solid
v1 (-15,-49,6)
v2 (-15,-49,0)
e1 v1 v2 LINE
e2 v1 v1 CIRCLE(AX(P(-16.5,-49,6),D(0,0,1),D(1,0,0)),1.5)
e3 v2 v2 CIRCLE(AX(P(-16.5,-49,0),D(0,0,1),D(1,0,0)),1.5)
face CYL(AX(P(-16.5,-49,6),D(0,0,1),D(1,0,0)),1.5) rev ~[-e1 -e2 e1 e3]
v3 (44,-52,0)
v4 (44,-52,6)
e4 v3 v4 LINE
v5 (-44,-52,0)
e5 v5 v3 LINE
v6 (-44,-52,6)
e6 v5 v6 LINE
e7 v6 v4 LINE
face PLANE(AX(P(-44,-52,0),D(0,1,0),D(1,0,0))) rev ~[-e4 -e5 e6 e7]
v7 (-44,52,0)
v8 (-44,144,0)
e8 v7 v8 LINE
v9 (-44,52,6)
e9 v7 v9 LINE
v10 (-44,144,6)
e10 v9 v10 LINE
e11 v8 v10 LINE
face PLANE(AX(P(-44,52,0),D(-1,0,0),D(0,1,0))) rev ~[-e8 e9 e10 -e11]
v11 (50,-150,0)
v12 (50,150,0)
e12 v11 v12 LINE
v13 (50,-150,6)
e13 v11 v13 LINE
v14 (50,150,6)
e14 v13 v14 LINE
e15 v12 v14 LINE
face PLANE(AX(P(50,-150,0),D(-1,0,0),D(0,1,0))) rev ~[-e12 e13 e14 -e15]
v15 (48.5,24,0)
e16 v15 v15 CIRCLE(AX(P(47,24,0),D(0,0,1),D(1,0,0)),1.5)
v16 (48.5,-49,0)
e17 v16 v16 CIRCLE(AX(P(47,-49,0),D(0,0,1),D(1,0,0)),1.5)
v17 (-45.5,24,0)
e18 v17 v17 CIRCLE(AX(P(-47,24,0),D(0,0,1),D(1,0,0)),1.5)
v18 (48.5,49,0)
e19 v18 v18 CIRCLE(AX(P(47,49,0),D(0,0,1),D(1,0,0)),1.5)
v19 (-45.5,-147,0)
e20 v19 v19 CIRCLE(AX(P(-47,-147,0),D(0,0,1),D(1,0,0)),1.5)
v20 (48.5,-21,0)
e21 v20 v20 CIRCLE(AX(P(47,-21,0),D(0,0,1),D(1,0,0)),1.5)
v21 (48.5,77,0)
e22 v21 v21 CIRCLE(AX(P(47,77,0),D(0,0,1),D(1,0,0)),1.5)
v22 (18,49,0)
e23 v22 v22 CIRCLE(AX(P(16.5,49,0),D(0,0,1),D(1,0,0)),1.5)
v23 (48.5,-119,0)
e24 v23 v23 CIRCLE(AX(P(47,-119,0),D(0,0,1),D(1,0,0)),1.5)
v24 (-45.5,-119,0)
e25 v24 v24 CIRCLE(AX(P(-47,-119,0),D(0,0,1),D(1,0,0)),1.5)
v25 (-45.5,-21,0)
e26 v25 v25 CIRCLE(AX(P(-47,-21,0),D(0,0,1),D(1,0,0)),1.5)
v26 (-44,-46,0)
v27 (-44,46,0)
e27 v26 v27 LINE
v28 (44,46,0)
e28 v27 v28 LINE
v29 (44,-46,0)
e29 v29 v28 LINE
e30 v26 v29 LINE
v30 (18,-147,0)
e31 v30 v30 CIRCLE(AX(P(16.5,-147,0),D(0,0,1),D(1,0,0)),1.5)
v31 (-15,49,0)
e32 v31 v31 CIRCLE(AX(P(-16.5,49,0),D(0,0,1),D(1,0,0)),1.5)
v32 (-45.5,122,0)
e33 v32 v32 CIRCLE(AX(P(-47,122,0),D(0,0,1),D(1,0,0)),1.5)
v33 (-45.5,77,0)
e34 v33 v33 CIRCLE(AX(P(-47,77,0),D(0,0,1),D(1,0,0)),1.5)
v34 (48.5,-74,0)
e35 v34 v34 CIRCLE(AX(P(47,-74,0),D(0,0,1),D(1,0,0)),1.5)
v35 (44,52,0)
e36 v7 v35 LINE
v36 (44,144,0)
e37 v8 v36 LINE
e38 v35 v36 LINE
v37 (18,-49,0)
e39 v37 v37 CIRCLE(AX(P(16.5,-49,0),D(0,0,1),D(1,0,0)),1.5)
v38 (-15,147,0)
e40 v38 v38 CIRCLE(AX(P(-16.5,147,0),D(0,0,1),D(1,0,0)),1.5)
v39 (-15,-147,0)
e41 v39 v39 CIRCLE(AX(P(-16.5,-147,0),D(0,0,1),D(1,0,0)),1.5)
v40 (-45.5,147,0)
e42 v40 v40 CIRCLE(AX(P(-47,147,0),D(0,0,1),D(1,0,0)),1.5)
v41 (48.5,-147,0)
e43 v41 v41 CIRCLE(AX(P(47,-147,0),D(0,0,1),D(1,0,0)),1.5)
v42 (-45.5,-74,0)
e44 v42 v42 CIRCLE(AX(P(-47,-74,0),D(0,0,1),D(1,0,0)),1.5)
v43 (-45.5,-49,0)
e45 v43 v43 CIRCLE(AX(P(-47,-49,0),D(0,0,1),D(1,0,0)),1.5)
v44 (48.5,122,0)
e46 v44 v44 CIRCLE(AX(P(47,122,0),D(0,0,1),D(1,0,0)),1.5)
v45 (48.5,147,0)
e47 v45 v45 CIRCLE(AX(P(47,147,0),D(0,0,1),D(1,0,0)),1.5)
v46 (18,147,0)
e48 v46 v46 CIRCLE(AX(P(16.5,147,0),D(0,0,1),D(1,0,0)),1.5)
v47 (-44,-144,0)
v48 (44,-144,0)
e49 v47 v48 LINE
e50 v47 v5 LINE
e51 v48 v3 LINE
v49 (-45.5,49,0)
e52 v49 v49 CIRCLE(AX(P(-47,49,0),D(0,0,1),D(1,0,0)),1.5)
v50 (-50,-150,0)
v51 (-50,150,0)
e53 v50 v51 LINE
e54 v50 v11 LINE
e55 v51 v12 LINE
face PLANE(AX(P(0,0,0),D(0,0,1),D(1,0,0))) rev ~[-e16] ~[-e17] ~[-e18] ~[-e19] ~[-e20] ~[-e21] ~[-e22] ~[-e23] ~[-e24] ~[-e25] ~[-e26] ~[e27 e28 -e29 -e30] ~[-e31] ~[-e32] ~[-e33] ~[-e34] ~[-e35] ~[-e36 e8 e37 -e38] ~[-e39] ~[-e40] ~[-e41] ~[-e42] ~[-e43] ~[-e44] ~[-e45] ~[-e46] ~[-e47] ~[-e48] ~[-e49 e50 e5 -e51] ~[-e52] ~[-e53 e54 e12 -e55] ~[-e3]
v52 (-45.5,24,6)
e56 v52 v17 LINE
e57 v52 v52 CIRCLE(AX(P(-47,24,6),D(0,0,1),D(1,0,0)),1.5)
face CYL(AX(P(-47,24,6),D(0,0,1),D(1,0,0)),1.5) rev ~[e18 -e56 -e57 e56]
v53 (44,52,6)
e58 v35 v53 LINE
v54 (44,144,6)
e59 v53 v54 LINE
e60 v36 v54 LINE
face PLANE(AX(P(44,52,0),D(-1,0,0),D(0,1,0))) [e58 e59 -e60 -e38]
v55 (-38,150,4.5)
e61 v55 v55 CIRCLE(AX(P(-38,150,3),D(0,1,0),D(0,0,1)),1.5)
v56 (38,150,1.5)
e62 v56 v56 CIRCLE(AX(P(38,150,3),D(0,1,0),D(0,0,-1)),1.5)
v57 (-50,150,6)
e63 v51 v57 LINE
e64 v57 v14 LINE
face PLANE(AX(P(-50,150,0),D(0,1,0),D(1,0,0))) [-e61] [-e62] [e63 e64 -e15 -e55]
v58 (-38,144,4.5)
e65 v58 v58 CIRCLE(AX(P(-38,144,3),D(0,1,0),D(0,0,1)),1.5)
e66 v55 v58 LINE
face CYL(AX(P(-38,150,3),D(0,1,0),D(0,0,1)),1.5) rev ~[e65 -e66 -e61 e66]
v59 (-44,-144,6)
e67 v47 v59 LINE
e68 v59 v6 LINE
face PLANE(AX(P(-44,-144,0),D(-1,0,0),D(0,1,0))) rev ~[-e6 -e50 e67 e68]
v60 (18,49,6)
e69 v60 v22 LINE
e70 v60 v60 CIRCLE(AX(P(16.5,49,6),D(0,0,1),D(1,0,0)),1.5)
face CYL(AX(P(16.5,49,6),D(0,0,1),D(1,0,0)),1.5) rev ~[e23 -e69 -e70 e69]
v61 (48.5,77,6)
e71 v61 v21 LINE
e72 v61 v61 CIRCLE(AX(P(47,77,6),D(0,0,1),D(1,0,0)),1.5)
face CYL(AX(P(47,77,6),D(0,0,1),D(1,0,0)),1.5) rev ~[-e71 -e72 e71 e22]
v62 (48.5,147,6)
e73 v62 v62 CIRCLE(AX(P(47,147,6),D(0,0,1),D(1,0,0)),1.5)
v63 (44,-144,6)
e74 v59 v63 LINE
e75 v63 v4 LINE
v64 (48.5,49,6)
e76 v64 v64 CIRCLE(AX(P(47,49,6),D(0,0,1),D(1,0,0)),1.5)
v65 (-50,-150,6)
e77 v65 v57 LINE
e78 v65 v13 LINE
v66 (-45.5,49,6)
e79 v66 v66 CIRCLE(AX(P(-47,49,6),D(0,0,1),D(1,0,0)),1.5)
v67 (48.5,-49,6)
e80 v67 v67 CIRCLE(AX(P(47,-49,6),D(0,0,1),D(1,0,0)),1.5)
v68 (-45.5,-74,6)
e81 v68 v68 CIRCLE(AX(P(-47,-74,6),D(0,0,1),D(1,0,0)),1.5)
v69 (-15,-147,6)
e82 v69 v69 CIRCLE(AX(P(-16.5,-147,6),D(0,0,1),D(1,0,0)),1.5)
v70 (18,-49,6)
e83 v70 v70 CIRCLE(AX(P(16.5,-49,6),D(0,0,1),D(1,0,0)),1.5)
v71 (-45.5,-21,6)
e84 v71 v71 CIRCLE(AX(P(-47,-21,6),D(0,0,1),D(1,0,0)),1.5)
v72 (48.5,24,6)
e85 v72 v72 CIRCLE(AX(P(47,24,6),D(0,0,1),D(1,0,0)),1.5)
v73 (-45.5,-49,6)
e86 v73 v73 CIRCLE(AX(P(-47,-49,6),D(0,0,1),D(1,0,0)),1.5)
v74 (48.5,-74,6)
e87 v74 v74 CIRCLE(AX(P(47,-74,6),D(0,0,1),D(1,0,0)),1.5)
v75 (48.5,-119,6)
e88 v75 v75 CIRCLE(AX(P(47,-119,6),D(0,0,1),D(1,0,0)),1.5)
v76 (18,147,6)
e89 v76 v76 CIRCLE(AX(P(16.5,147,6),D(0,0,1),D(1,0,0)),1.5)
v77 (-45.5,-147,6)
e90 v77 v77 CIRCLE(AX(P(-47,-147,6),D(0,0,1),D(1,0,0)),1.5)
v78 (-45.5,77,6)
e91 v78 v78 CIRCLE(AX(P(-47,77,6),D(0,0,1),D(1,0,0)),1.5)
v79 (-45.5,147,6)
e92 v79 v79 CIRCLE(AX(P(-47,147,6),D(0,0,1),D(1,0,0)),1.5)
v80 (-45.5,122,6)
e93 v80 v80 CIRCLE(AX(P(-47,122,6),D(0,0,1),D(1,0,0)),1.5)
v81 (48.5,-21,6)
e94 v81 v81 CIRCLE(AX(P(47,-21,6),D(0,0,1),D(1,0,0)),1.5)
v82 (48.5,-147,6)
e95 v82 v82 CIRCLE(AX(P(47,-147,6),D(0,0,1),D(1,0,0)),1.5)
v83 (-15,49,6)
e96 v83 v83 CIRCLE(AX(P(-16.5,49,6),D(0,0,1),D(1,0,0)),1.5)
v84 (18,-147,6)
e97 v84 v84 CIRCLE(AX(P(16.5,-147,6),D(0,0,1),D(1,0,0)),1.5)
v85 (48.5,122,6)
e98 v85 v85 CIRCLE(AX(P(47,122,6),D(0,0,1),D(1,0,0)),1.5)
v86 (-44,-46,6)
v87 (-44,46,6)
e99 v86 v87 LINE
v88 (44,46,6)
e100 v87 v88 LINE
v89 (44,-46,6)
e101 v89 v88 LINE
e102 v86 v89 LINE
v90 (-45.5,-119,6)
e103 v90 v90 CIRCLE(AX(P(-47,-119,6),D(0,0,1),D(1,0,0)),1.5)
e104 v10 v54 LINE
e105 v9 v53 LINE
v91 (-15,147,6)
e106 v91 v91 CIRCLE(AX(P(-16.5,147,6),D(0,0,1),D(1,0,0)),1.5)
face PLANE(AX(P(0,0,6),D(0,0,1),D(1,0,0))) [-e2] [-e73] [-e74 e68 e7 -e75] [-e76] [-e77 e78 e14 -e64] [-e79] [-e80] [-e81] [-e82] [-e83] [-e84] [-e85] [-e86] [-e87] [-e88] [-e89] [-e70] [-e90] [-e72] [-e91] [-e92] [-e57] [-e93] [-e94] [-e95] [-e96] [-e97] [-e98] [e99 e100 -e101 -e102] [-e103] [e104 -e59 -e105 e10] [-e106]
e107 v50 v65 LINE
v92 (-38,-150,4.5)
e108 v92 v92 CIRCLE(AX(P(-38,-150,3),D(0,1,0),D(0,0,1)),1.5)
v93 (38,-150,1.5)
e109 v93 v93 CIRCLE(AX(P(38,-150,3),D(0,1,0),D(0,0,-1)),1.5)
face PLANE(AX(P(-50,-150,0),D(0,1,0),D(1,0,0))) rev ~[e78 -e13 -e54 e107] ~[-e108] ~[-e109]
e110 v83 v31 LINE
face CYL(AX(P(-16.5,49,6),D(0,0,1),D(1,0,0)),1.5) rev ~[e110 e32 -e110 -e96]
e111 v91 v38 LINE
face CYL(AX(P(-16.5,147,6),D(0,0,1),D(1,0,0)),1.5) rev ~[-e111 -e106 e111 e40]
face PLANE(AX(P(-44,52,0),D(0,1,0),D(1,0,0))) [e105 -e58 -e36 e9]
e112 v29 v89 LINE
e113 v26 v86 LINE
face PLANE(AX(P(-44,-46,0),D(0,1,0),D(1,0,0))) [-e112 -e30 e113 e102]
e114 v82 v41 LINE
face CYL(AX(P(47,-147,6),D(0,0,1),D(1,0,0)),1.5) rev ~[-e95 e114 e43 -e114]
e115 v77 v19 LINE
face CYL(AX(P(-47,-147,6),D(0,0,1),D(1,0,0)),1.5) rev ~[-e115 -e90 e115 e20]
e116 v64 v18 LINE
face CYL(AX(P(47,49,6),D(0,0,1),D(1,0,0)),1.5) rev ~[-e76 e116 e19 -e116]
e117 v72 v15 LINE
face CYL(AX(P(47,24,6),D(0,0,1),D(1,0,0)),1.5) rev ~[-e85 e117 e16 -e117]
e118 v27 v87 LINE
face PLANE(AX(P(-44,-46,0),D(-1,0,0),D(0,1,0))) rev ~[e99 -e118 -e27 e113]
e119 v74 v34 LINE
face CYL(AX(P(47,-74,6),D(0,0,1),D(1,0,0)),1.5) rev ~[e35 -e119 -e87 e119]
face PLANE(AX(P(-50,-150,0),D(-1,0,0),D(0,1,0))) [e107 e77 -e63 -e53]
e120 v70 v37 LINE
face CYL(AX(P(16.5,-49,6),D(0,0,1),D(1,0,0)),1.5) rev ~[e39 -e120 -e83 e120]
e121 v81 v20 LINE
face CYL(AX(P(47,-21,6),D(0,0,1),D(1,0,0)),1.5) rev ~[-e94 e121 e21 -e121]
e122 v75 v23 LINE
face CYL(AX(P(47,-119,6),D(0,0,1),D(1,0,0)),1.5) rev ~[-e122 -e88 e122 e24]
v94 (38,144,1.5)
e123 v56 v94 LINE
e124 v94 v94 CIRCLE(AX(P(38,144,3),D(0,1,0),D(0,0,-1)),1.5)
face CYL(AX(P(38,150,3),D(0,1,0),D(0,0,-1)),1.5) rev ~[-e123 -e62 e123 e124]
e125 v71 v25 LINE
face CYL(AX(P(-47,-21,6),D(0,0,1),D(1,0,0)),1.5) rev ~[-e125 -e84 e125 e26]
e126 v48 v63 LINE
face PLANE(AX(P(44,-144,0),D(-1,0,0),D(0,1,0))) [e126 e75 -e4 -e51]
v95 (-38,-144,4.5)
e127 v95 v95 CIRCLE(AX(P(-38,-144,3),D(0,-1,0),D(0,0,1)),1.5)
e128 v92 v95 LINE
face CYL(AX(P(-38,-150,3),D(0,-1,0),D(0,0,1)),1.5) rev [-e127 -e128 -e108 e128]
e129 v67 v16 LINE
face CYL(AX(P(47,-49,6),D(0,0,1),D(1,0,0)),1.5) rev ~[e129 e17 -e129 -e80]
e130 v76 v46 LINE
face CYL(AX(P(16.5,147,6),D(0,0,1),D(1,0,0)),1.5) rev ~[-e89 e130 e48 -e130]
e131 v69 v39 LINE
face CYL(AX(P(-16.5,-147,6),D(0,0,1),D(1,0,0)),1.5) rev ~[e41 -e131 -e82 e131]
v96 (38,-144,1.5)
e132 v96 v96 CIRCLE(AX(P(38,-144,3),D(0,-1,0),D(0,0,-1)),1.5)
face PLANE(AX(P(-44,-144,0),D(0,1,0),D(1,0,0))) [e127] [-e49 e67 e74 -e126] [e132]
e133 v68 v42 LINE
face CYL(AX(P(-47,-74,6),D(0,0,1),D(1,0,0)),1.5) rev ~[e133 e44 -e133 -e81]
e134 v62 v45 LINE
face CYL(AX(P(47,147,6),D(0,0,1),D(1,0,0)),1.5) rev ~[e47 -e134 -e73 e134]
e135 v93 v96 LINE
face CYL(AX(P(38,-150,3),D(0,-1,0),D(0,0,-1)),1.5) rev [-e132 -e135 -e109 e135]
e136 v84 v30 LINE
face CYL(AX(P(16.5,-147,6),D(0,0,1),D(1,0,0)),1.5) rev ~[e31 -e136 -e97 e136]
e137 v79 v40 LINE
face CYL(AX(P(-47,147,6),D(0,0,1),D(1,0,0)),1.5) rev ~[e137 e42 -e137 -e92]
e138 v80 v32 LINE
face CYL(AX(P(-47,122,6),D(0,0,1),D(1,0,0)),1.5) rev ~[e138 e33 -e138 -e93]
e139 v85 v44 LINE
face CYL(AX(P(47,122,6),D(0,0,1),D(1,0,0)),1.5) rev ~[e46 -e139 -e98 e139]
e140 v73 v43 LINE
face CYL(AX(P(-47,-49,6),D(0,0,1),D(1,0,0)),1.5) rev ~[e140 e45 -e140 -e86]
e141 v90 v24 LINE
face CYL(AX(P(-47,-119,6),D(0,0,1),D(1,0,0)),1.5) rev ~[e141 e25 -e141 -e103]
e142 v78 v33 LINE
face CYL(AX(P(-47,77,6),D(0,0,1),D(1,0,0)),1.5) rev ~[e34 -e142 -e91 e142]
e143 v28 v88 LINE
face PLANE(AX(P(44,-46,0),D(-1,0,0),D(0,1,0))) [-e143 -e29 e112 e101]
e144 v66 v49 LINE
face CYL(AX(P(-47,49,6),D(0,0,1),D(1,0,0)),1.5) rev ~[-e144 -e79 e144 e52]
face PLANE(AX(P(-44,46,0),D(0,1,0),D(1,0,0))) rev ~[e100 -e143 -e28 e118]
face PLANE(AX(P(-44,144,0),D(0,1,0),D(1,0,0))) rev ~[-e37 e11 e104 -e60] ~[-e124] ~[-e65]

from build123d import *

# Parameters (mm, degrees)
SKETCH1_W           = 100
SKETCH1_H           = 300
SKETCH1_W_2         = 88
SKETCH1_H_2         = 92
BOSS_EXTRUDE1_DEPTH = 6
SKETCH2_R           = 1.5
CUT_EXTRUDE1_DEPTH  = 6
SKETCH3_R           = 1.5
CUT_EXTRUDE2_DEPTH  = 10
SKETCH4_R           = 1.5
CUT_EXTRUDE5_DEPTH  = 10


with BuildPart() as part:
    # Sketch1 → Boss-Extrude1 (new body)
    with BuildSketch(Plane.XY):
        Rectangle(SKETCH1_W, SKETCH1_H)
        with Locations((0, 98)):
            Rectangle(SKETCH1_W_2, SKETCH1_H_2, mode=Mode.SUBTRACT)
        with Locations((0, -98)):
            Rectangle(SKETCH1_W_2, SKETCH1_H_2, mode=Mode.SUBTRACT)
        Rectangle(SKETCH1_W_2, SKETCH1_H_2, mode=Mode.SUBTRACT)
    extrude(amount=BOSS_EXTRUDE1_DEPTH)

    # Sketch2 → Cut-Extrude1 (cut)
    with BuildSketch(Plane.XY.offset(6)):
        with Locations((-47, 147)):
            Circle(SKETCH2_R)
        with Locations((47, 147)):
            Circle(SKETCH2_R)
        with Locations((47, 49)):
            Circle(SKETCH2_R)
        with Locations((47, -49)):
            Circle(SKETCH2_R)
        with Locations((47, -147)):
            Circle(SKETCH2_R)
        with Locations((-47, 49)):
            Circle(SKETCH2_R)
        with Locations((-47, -49)):
            Circle(SKETCH2_R)
        with Locations((-47, -147)):
            Circle(SKETCH2_R)
    extrude(amount=-CUT_EXTRUDE1_DEPTH, mode=Mode.SUBTRACT)

    # Sketch3 → Cut-Extrude2 (cut)
    with BuildSketch(Plane.XY.offset(6)):
        with Locations((-47, -21)):
            Circle(SKETCH3_R)
        with Locations((-16.5, -49)):
            Circle(SKETCH3_R)
        with Locations((-47, -74)):
            Circle(SKETCH3_R)
        with Locations((-47, -119)):
            Circle(SKETCH3_R)
        with Locations((-16.5, -147)):
            Circle(SKETCH3_R)
        with Locations((16.5, -147)):
            Circle(SKETCH3_R)
        with Locations((47, -119)):
            Circle(SKETCH3_R)
        with Locations((47, -74)):
            Circle(SKETCH3_R)
        with Locations((16.5, -49)):
            Circle(SKETCH3_R)
        with Locations((47, -21)):
            Circle(SKETCH3_R)
        with Locations((47, 77)):
            Circle(SKETCH3_R)
        with Locations((16.5, 49)):
            Circle(SKETCH3_R)
        with Locations((-16.5, 147)):
            Circle(SKETCH3_R)
        with Locations((-47, 122)):
            Circle(SKETCH3_R)
        with Locations((16.5, 147)):
            Circle(SKETCH3_R)
        with Locations((-47, 77)):
            Circle(SKETCH3_R)
        with Locations((-16.5, 49)):
            Circle(SKETCH3_R)
        with Locations((-47, 24)):
            Circle(SKETCH3_R)
        with Locations((47, 24)):
            Circle(SKETCH3_R)
        with Locations((47, 122)):
            Circle(SKETCH3_R)
    extrude(amount=-CUT_EXTRUDE2_DEPTH, mode=Mode.SUBTRACT)

    # Sketch4 → Cut-Extrude5 (cut)
    with BuildSketch(Plane(origin=(0, 150, 0), x_dir=(1, 0, 0), z_dir=(0, 1, 0))):
        with Locations(Location((-38, -3, 0), (0, 0, 270))):
            Circle(SKETCH4_R)
        with Locations(Location((38, -3, 0), (0, 0, 90))):
            Circle(SKETCH4_R)
    cut_extrude5 = extrude(amount=-CUT_EXTRUDE5_DEPTH, mode=Mode.SUBTRACT)

    # Mirror1: Cut-Extrude5 across plane
    add(cut_extrude5.mirror(Plane.ZX), mode=Mode.SUBTRACT)


solid = part.part
